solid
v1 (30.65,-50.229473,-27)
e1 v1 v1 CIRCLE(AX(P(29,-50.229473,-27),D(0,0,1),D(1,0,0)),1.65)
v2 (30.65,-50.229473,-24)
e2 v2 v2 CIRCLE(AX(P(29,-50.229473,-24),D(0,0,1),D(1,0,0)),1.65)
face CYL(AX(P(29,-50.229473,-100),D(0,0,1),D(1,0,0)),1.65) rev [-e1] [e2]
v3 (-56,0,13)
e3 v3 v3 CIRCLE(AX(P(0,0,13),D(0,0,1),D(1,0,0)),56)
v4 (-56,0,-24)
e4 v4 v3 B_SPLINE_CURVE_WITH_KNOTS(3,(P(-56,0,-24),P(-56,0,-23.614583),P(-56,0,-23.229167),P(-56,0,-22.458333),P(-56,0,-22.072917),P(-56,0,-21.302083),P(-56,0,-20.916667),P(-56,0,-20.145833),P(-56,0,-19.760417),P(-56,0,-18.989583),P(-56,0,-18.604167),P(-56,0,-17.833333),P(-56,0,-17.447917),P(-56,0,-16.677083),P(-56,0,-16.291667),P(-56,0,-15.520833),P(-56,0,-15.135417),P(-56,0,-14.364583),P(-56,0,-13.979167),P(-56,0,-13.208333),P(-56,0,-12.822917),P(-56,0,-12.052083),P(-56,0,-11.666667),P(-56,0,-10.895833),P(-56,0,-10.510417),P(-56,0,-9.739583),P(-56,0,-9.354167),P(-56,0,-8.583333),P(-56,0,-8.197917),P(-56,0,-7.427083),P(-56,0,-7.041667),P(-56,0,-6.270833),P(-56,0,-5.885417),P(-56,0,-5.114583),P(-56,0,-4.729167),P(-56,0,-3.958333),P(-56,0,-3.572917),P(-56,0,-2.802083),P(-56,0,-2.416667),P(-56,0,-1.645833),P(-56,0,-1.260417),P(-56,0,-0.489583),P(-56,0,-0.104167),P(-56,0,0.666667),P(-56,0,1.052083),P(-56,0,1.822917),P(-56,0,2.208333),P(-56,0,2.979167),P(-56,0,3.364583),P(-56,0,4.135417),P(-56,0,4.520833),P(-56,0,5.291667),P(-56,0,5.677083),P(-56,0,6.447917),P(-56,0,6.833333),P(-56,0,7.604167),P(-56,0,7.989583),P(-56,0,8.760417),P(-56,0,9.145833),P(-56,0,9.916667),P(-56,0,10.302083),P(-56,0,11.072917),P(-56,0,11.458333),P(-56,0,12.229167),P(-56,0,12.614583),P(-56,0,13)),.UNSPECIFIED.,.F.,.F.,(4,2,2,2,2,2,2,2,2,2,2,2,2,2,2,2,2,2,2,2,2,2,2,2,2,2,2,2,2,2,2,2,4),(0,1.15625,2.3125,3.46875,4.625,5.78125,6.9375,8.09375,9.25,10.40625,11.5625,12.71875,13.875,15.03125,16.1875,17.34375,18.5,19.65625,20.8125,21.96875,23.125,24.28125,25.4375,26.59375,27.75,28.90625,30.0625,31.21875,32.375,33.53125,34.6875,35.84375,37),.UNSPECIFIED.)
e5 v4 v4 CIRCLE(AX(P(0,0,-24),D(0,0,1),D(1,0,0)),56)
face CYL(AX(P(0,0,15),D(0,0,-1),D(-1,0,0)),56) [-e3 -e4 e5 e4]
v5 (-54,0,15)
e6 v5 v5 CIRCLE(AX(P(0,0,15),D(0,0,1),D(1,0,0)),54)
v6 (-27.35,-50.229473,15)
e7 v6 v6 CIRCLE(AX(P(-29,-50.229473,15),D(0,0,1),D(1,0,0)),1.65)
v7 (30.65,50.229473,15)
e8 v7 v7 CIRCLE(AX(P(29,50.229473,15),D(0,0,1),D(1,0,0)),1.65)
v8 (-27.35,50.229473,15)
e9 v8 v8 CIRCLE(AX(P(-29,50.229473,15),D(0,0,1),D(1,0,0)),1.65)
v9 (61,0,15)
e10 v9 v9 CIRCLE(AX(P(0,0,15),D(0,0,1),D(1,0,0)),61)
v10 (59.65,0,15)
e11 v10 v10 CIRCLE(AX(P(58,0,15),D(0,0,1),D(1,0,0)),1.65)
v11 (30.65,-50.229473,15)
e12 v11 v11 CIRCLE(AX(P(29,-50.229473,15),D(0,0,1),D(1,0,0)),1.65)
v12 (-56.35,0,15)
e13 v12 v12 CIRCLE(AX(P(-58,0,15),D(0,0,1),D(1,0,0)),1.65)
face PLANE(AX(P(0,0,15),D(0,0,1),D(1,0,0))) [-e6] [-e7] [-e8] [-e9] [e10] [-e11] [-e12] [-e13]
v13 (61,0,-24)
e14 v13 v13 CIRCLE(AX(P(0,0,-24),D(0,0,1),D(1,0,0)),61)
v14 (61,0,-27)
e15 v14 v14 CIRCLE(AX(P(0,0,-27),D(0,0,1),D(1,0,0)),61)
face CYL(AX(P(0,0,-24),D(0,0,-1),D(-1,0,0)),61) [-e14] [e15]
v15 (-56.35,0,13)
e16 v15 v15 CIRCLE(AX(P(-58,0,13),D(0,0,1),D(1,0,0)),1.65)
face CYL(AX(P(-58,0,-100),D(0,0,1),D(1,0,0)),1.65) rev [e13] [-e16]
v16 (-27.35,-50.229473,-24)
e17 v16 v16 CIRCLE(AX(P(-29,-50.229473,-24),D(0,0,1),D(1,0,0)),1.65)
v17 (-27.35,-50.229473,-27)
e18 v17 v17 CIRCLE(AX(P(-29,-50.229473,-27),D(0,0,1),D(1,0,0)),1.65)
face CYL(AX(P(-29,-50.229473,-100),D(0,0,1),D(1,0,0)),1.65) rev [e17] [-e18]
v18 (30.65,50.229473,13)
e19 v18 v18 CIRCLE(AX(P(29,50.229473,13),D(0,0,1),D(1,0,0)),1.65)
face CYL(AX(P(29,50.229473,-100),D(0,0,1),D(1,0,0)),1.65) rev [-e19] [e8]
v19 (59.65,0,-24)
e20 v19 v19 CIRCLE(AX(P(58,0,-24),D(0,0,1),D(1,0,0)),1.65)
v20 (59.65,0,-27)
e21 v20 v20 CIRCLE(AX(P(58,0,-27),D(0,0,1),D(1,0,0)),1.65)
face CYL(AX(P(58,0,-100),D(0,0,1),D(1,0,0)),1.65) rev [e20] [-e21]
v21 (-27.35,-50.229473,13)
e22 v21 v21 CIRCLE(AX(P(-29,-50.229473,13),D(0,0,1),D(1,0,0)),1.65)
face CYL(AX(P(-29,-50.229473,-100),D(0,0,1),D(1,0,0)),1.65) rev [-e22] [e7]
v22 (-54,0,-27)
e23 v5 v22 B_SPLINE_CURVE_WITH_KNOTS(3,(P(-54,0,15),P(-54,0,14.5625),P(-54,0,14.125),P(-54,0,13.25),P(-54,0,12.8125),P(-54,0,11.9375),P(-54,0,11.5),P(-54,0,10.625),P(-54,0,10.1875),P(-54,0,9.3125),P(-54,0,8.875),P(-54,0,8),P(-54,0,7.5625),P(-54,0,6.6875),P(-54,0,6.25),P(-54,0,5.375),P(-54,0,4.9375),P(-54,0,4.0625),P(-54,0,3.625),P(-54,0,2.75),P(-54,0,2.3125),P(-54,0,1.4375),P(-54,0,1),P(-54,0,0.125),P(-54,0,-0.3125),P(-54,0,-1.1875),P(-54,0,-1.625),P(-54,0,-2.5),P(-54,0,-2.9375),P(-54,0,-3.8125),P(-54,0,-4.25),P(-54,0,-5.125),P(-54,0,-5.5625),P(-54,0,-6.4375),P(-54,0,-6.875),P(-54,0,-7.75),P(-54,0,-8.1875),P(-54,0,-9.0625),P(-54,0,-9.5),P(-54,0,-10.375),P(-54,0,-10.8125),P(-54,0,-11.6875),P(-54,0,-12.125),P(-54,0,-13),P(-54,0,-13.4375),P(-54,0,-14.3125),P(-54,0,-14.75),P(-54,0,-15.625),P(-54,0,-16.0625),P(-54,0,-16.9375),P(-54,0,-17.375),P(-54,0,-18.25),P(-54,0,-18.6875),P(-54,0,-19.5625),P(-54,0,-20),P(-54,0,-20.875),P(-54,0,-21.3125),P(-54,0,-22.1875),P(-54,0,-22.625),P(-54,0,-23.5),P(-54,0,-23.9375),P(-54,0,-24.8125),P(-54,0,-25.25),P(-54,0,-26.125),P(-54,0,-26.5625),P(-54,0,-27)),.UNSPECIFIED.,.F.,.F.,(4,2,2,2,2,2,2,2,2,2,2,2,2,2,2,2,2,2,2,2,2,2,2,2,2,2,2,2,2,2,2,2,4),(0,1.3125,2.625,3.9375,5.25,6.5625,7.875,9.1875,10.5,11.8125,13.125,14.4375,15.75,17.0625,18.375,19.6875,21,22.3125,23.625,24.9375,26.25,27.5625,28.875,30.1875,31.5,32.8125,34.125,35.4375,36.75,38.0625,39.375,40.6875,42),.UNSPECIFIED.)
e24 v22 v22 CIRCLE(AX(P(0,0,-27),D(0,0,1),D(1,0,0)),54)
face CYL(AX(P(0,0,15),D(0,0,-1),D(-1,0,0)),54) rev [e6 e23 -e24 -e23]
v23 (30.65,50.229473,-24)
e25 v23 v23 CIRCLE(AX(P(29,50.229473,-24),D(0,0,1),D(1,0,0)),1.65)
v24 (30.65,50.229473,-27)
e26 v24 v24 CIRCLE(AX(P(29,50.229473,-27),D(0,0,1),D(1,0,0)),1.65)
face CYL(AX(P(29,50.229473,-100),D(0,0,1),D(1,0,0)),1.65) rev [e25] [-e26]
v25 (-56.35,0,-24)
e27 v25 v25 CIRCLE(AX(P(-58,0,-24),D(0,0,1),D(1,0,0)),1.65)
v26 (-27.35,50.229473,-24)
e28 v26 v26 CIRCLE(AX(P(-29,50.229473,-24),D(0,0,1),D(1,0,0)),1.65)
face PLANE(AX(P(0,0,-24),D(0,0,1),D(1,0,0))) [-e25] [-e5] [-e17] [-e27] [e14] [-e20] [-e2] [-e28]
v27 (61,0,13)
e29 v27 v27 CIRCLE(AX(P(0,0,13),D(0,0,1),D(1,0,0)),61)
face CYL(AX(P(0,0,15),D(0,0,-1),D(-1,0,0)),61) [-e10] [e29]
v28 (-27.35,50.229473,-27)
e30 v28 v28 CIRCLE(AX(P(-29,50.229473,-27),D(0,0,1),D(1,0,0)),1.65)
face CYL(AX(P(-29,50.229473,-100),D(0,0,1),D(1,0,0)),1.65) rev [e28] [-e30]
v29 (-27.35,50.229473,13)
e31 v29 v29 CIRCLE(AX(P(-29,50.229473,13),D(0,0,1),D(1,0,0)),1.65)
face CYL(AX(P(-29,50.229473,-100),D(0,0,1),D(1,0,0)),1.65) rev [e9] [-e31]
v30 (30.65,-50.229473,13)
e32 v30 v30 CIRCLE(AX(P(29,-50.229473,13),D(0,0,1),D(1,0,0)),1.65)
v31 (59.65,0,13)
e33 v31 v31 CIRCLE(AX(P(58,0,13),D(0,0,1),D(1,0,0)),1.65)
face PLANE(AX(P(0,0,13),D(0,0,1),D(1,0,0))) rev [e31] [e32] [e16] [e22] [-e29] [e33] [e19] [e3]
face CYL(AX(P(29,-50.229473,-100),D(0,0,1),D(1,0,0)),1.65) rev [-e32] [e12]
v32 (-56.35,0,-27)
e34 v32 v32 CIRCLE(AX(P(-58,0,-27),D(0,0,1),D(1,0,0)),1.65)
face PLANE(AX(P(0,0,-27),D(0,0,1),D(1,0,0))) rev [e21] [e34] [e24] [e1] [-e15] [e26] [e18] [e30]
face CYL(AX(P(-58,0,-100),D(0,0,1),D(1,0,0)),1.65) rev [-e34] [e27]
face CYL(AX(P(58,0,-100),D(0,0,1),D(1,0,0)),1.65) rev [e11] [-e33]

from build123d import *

# Parameters (mm, degrees)
JACKET_START        = -27
SKETCH_1_R          = 56
SKETCH_1_R_2        = 54
JACKET_DEPTH        = 42
REAR_FLANGE_START   = -27
SKETCH_2_R          = 61
SKETCH_2_R_2        = 54
REAR_FLANGE_DEPTH   = 3
FRONT_FLANGE_START  = 13
SKETCH_3_R          = 61
SKETCH_3_R_2        = 54
FRONT_FLANGE_DEPTH  = 2
SKETCH_4_R          = 1.65
THROUGH_HOLES_DEPTH = 100


with BuildPart() as part:
    # Эскиз1 → Jacket (new body)
    with BuildSketch(Plane.XY.offset(JACKET_START)):
        with Locations(Location((0, 0, 0), (0, 0, 180))):
            Circle(SKETCH_1_R)
        with Locations(Location((0, 0, 0), (0, 0, 180))):
            Circle(SKETCH_1_R_2, mode=Mode.SUBTRACT)
    extrude(amount=JACKET_DEPTH)

    # Эскиз2 → Rear_flange (add)
    with BuildSketch(Plane.XY.offset(REAR_FLANGE_START)):
        Circle(SKETCH_2_R)
        with Locations(Location((0, 0, 0), (0, 0, 180))):
            Circle(SKETCH_2_R_2, mode=Mode.SUBTRACT)
    extrude(amount=REAR_FLANGE_DEPTH)

    # Эскиз3 → Front_flange (add)
    with BuildSketch(Plane.XY.offset(FRONT_FLANGE_START)):
        Circle(SKETCH_3_R)
        with Locations(Location((0, 0, 0), (0, 0, 180))):
            Circle(SKETCH_3_R_2, mode=Mode.SUBTRACT)
    extrude(amount=FRONT_FLANGE_DEPTH)

    # Эскиз4 → Through_holes (cut, symmetric)
    with BuildSketch(Plane.XY):
        with Locations((58, 0)):
            Circle(SKETCH_4_R)
        with Locations((29, 50.229473419)):
            Circle(SKETCH_4_R)
        with Locations((-29, 50.229473419)):
            Circle(SKETCH_4_R)
        with Locations((-58, 0)):
            Circle(SKETCH_4_R)
        with Locations((-29, -50.229473419)):
            Circle(SKETCH_4_R)
        with Locations((29, -50.229473419)):
            Circle(SKETCH_4_R)
    extrude(amount=THROUGH_HOLES_DEPTH, both=True, mode=Mode.SUBTRACT)


solid = part.part
